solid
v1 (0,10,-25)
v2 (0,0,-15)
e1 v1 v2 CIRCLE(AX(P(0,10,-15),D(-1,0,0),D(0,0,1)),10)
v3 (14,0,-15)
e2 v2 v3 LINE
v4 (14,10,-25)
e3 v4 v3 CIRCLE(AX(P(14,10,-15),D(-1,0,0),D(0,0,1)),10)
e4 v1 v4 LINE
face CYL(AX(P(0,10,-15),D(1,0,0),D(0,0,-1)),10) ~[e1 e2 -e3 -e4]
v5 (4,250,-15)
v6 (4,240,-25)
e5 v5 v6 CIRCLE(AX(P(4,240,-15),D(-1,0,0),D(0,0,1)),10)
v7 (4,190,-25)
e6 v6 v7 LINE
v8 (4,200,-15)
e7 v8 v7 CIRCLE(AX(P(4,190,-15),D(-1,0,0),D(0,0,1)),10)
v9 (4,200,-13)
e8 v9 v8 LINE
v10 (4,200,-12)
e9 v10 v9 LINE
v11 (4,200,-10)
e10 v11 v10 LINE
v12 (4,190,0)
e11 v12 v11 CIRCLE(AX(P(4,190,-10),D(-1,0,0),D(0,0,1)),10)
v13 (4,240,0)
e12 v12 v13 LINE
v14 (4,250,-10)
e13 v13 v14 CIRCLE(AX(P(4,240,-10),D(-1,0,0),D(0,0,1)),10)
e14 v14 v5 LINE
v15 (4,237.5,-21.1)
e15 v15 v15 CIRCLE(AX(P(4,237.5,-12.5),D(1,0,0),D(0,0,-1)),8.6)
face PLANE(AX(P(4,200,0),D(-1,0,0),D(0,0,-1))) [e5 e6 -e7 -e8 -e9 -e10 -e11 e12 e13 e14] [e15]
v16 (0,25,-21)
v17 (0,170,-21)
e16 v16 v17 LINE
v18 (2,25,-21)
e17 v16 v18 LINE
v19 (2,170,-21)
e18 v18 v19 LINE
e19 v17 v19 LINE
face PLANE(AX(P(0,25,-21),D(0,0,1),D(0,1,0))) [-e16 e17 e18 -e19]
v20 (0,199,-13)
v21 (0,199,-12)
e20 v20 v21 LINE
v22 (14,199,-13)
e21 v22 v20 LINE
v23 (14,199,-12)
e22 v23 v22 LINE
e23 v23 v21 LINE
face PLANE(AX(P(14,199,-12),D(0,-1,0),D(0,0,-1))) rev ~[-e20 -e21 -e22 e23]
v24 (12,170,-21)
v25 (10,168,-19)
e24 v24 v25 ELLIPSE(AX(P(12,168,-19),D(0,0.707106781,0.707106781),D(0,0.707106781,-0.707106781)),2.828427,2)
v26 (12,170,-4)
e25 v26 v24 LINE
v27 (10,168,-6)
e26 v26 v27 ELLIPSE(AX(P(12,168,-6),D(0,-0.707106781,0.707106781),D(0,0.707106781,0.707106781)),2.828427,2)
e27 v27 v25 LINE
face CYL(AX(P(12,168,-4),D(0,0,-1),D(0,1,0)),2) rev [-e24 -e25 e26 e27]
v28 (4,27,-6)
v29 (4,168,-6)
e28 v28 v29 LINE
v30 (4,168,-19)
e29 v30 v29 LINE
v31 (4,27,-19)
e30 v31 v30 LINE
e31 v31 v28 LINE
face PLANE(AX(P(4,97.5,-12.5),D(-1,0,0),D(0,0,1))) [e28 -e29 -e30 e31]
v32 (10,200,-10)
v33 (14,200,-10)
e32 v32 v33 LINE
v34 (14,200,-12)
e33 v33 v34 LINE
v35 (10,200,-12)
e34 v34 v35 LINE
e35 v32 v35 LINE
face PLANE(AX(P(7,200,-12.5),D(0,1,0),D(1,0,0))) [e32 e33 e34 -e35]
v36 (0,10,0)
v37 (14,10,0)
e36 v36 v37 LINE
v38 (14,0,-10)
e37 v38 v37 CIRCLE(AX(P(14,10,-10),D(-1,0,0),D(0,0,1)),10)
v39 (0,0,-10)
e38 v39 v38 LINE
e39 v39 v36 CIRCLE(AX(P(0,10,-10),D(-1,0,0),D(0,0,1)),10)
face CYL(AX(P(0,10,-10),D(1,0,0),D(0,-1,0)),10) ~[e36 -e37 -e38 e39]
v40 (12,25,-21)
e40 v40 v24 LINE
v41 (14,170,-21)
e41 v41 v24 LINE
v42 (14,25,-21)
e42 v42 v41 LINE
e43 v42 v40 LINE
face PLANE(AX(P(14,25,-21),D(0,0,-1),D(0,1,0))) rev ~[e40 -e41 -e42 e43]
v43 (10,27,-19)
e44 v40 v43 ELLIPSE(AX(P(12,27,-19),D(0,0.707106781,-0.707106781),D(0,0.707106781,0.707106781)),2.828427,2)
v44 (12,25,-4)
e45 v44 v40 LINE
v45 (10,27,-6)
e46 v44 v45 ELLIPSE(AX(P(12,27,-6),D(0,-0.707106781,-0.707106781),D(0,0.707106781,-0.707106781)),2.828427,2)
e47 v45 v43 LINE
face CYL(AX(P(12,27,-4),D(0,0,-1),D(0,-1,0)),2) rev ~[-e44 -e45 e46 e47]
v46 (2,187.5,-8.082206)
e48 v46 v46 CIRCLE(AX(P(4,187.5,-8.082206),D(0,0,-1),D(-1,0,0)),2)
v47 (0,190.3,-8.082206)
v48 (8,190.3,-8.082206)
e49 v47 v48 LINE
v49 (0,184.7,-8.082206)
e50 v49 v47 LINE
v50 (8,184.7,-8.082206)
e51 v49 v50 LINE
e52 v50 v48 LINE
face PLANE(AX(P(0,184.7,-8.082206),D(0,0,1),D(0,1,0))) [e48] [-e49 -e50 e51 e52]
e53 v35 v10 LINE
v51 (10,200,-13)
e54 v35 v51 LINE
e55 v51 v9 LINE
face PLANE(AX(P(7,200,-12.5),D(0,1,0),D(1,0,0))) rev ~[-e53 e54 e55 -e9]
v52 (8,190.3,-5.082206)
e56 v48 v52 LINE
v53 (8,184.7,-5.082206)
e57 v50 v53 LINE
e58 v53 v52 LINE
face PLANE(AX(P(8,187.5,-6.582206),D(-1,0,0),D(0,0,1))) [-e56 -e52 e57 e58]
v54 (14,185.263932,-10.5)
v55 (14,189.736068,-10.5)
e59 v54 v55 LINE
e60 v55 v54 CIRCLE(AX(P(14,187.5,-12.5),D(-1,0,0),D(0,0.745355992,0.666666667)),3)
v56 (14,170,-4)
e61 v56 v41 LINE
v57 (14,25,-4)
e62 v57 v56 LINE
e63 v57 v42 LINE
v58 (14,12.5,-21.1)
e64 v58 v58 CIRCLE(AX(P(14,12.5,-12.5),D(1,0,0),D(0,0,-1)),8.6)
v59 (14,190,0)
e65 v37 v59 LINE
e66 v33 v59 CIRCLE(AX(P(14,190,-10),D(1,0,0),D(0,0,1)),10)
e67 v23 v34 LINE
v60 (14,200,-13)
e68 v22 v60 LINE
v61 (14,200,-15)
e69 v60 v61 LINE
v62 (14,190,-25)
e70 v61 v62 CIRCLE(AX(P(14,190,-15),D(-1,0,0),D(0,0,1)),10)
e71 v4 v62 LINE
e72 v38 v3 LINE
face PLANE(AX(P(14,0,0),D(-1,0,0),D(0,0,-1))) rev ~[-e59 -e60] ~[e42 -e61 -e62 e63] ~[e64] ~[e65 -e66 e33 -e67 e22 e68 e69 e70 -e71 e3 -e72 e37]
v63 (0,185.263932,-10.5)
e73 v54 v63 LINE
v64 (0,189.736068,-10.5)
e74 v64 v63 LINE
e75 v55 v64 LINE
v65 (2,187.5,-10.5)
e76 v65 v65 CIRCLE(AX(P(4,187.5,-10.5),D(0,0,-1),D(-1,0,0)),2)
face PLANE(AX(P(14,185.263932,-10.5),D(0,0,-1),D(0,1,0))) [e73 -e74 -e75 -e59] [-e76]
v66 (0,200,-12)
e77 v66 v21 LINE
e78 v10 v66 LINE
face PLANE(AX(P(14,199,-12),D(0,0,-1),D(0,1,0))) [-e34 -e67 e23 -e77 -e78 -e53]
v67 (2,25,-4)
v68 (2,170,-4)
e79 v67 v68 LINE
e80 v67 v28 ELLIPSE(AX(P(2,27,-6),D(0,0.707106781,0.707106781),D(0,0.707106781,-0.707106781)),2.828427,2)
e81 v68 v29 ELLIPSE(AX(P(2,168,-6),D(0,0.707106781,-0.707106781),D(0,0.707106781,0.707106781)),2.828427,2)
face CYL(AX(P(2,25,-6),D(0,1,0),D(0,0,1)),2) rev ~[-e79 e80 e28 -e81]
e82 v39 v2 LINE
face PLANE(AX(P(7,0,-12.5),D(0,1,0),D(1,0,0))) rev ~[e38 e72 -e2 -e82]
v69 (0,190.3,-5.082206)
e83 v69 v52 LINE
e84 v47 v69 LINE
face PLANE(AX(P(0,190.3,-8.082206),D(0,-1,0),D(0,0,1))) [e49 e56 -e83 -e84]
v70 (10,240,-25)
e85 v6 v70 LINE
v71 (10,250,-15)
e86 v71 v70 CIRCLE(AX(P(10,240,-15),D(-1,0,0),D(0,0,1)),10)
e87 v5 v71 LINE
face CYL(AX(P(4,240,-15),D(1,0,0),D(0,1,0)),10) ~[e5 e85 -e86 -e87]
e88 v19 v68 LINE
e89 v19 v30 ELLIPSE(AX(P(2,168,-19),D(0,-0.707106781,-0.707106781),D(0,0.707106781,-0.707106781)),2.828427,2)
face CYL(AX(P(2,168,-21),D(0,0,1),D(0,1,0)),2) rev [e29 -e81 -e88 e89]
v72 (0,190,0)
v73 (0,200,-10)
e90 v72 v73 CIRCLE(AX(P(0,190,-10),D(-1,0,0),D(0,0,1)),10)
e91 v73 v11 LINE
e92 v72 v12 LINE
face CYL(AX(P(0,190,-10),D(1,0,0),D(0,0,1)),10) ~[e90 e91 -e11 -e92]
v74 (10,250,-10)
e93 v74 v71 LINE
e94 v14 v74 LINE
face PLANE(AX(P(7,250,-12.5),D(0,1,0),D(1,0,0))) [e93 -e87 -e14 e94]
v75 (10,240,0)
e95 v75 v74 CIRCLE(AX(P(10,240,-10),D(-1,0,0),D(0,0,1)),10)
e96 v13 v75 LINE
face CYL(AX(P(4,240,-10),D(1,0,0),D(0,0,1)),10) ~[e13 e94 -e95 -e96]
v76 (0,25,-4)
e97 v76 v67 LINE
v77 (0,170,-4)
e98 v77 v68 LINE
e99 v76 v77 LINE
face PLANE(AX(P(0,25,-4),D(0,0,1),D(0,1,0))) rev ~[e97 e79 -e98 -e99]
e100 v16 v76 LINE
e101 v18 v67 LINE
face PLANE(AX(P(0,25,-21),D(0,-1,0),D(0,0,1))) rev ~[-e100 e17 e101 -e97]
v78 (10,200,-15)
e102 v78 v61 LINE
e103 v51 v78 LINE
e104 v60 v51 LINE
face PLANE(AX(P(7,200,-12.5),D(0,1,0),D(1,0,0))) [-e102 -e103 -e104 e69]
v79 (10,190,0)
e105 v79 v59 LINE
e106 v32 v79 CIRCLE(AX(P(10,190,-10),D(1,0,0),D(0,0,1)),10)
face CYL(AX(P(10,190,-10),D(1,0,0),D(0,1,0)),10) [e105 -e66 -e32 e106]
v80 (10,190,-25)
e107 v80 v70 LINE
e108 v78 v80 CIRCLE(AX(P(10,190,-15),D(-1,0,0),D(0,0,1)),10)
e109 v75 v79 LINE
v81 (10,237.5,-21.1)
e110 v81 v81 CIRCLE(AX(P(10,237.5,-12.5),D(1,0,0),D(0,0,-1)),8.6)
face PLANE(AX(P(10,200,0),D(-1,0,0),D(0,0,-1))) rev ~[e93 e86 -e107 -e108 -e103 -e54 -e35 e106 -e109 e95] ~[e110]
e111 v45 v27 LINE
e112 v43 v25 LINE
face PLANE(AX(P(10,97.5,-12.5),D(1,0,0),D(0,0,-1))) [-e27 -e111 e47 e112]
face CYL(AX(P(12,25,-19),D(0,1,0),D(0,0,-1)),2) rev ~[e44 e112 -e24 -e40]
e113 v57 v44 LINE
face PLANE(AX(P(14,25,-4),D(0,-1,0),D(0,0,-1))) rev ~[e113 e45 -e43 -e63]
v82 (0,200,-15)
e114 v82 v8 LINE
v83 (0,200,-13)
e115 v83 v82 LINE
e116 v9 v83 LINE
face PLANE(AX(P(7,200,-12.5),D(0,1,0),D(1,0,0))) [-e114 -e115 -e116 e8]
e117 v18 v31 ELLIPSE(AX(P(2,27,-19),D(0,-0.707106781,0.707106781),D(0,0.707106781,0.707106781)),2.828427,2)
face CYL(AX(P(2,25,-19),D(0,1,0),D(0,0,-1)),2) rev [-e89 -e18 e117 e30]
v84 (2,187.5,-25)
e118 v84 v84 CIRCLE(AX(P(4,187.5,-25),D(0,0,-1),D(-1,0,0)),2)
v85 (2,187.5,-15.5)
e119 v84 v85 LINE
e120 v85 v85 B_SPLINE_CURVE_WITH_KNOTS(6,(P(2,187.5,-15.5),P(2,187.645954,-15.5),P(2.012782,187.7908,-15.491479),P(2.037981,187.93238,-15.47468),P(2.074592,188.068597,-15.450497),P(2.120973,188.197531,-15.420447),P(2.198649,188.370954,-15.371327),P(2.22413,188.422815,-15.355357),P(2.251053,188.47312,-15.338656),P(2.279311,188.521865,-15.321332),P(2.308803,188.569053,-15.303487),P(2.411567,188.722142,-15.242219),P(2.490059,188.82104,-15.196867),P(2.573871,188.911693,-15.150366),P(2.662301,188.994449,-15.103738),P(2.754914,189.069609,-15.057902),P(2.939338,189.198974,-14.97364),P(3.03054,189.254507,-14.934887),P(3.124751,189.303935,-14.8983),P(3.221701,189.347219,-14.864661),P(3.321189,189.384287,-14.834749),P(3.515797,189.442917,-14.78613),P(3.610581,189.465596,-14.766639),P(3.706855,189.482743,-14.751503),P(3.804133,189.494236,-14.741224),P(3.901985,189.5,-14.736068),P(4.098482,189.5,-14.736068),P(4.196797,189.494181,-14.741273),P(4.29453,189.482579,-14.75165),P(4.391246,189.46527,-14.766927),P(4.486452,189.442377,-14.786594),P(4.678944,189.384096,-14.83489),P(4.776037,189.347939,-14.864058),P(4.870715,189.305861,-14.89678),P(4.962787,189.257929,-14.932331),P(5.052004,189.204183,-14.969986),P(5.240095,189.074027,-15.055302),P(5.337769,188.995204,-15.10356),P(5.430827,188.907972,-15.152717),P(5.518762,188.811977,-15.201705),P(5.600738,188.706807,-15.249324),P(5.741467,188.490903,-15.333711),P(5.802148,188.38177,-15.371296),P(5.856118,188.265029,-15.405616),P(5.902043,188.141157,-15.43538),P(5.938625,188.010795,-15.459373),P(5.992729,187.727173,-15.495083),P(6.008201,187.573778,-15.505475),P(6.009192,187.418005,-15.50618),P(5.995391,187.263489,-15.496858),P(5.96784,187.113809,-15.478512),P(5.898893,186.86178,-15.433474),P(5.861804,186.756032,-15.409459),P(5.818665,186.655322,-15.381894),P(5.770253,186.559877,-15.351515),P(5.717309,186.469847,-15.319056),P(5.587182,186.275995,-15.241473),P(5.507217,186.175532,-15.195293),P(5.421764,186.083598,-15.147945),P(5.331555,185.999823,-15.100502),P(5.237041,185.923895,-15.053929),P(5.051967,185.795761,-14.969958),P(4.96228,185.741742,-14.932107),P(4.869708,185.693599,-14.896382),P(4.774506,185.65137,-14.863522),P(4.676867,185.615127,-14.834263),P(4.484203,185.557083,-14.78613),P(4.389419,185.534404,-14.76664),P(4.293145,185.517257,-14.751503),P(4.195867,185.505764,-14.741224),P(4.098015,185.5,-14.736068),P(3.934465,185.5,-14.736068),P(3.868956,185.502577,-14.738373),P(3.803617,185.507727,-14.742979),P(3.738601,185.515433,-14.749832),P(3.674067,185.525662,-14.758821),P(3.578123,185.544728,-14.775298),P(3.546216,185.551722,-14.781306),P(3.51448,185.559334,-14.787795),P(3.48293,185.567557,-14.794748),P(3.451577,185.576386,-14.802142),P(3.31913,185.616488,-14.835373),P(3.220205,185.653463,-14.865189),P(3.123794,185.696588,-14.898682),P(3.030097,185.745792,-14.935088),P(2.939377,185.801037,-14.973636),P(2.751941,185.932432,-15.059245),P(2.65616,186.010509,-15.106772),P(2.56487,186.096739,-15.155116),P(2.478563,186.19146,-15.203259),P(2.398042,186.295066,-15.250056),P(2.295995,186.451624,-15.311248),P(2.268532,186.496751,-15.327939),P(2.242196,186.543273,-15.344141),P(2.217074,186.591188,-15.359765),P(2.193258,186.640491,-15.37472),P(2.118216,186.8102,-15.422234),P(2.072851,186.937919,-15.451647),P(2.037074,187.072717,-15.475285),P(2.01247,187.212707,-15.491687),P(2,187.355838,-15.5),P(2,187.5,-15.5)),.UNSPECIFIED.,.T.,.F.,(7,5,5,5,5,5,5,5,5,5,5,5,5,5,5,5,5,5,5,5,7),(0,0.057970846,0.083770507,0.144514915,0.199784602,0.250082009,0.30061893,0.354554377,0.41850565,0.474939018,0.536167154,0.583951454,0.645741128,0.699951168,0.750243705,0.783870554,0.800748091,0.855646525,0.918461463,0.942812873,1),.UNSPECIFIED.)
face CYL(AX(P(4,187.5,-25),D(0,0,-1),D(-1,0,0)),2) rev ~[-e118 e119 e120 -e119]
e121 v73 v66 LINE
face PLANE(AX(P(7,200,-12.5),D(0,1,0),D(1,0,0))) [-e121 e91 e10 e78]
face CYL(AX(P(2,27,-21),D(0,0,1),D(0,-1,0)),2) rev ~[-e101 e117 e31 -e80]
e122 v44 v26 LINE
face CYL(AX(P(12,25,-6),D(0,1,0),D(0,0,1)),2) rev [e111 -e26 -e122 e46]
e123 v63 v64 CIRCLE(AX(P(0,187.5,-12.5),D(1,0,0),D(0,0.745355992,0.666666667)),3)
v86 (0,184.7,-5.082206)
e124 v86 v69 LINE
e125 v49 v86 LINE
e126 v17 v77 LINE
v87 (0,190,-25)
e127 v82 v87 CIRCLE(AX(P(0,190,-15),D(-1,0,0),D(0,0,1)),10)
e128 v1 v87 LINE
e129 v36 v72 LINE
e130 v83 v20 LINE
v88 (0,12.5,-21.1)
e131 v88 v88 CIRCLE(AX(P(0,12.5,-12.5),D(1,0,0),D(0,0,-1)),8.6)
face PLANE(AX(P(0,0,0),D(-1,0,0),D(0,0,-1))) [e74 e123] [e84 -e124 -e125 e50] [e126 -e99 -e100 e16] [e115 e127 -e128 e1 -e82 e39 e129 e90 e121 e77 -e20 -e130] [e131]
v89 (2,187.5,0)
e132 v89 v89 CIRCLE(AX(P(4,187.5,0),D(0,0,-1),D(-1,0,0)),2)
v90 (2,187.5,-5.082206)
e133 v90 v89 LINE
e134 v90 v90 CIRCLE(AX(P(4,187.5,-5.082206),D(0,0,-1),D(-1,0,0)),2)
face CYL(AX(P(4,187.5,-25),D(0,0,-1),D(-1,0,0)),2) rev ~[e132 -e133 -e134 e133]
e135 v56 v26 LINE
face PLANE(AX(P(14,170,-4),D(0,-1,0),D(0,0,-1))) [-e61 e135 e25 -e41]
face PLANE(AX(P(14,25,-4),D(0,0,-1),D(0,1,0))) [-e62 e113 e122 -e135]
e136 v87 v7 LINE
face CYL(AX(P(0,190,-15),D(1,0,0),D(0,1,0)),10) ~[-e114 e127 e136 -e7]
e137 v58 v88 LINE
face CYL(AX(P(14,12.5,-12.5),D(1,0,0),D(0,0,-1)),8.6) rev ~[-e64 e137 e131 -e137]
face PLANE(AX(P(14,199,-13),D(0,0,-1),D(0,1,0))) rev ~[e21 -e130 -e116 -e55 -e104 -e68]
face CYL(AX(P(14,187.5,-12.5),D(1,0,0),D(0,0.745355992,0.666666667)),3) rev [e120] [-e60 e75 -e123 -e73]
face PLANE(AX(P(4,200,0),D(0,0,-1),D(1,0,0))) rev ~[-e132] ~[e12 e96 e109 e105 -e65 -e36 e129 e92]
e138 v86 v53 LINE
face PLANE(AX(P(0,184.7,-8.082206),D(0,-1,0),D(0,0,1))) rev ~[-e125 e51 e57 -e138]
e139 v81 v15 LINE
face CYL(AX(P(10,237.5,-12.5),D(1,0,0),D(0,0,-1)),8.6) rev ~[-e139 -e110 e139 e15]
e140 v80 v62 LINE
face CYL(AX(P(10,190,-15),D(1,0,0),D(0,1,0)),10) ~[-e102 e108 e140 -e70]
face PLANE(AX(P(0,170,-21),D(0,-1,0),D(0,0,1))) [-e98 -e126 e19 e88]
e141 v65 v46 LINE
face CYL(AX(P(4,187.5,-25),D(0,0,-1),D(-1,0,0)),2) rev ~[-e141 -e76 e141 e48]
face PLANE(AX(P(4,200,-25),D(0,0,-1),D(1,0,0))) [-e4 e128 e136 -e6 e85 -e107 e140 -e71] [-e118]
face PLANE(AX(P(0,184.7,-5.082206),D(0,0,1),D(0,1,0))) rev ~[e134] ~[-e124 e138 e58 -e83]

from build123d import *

# Parameters (mm, degrees)
CROQUIS1_W              = 14
CROQUIS1_H              = 25
SALIENTE_EXTRUIR1_DEPTH = 200
REDONDEO1_R             = 10
REDONDEO2_R             = 10
CROQUIS2_R              = 8.6
CORTAR_EXTRUIR1_DEPTH   = 28
CROQUIS14_R             = 9.913044
SALIENTE_EXTRUIR2_DEPTH = 14
CROQUIS12_R             = 2
CORTAR_EXTRUIR7_DEPTH   = 203.042074826
CROQUIS15_W             = 3
CROQUIS15_H             = 5.6
CORTAR_EXTRUIR9_DEPTH   = 8
CROQUIS16_W             = 17
CROQUIS16_H             = 145
CORTAR_EXTRUIR10_DEPTH  = 4
CROQUIS17_W             = 17
CROQUIS17_H             = 145
CORTAR_EXTRUIR11_DEPTH  = 4
REDONDEO5_R             = 2
REDONDEO6_R             = 2
CROQUIS18_W             = 1
CROQUIS18_H             = 1
CORTAR_EXTRUIR12_DEPTH  = 203.042074845
CROQUIS19_W             = 6
CROQUIS19_H             = 25
SALIENTE_EXTRUIR3_DEPTH = 50
CROQUIS20_R             = 8.6
CORTAR_EXTRUIR13_DEPTH  = 6
REDONDEO7_R             = 10
REDONDEO8_R             = 10
REDONDEO9_R             = 10
REDONDEO10_R            = 10
REDONDEO11_R            = 10
REDONDEO12_R            = 10


with BuildPart() as part:
    # Croquis1 → Saliente-Extruir1 (new body)
    with BuildSketch(Plane(origin=(0, 0, 0), x_dir=(1, 0, 0), z_dir=(0, 1, 0))):
        with Locations((7, 12.5)):
            Rectangle(CROQUIS1_W, CROQUIS1_H)
    extrude(amount=SALIENTE_EXTRUIR1_DEPTH)

    # Redondeo1
    redondeo1_edges = [part.edges().sort_by_distance(p)[0] for p in [
        (7, 0, -25),
    ]]
    fillet(redondeo1_edges, radius=REDONDEO1_R)

    # Redondeo2
    redondeo2_edges = [part.edges().sort_by_distance(p)[0] for p in [
        (7, 0, 0),
    ]]
    fillet(redondeo2_edges, radius=REDONDEO2_R)

    # Croquis2 → Cortar-Extruir1 (cut)
    with BuildSketch(Plane(origin=(14, 0, 0), x_dir=(0, 0, -1), z_dir=(1, 0, 0))):
        with Locations((12.5, 12.5)):
            Circle(CROQUIS2_R)
        with BuildLine():
            Line((10.5, 185.263932023), (10.5, 189.736067977))
            ThreePointArc((10.5, 189.736067977), (15.5, 187.5), (10.5, 185.263932023))
        make_face()
    extrude(amount=-CORTAR_EXTRUIR1_DEPTH, mode=Mode.SUBTRACT)

    # Croquis14 → Saliente-Extruir2 (add)
    with BuildSketch(Plane(origin=(14, 0, 0), x_dir=(0, 0, -1), z_dir=(1, 0, 0))):
        with Locations((12.5, 187.5)):
            Circle(CROQUIS14_R)
        with BuildLine():
            Line((10.5, 185.263932023), (10.5, 189.736067977))
            ThreePointArc((10.5, 189.736067977), (15.5, 187.5), (10.5, 185.263932023))
        make_face(mode=Mode.SUBTRACT)
    extrude(amount=-SALIENTE_EXTRUIR2_DEPTH)

    # Croquis12 → Cortar-Extruir7 (cut, through all)
    with BuildSketch(Plane(origin=(0, 0, -25), x_dir=(-1, 0, 0), z_dir=(0, 0, -1))):
        with Locations((-4, 187.5)):
            Circle(CROQUIS12_R)
    extrude(amount=-CORTAR_EXTRUIR7_DEPTH, mode=Mode.SUBTRACT)

    # Croquis15 → Cortar-Extruir9 (cut)
    with BuildSketch(Plane.ZY):
        with Locations((-6.582205818, 187.5)):
            Rectangle(CROQUIS15_W, CROQUIS15_H)
    extrude(amount=-CORTAR_EXTRUIR9_DEPTH, mode=Mode.SUBTRACT)

    # Croquis16 → Cortar-Extruir10 (cut)
    with BuildSketch(Plane.ZY):
        with Locations((-12.5, 97.5)):
            Rectangle(CROQUIS16_W, CROQUIS16_H)
    extrude(amount=-CORTAR_EXTRUIR10_DEPTH, mode=Mode.SUBTRACT)

    # Croquis17 → Cortar-Extruir11 (cut)
    with BuildSketch(Plane(origin=(14, 0, 0), x_dir=(0, 0, -1), z_dir=(1, 0, 0))):
        with Locations((12.5, 97.5)):
            Rectangle(CROQUIS17_W, CROQUIS17_H)
    extrude(amount=-CORTAR_EXTRUIR11_DEPTH, mode=Mode.SUBTRACT)

    # Redondeo5
    redondeo5_edges = [part.edges().sort_by_distance(p)[0] for p in [
        (4, 97.5, -21),
        (4, 170, -12.5),
        (4, 97.5, -4),
        (4, 25, -12.5),
    ]]
    fillet(redondeo5_edges, radius=REDONDEO5_R)

    # Redondeo6
    redondeo6_edges = [part.edges().sort_by_distance(p)[0] for p in [
        (10, 97.5, -21),
        (10, 25, -12.5),
        (10, 97.5, -4),
        (10, 170, -12.5),
    ]]
    fillet(redondeo6_edges, radius=REDONDEO6_R)

    # Croquis18 → Cortar-Extruir12 (cut, through all)
    with BuildSketch(Plane(origin=(14, 0, 0), x_dir=(0, 0, -1), z_dir=(1, 0, 0))):
        with Locations((12.5, 199.5)):
            Rectangle(CROQUIS18_W, CROQUIS18_H)
    extrude(amount=-CORTAR_EXTRUIR12_DEPTH, mode=Mode.SUBTRACT)

    # Croquis19 → Saliente-Extruir3 (add)
    with BuildSketch(Plane(origin=(0, 200, 0), x_dir=(1, 0, 0), z_dir=(0, 1, 0))):
        with Locations((7, 12.5)):
            Rectangle(CROQUIS19_W, CROQUIS19_H)
    extrude(amount=SALIENTE_EXTRUIR3_DEPTH)

    # Croquis20 → Cortar-Extruir13 (cut)
    with BuildSketch(Plane(origin=(10, 0, 0), x_dir=(0, 0, -1), z_dir=(1, 0, 0))):
        with Locations((12.5, 237.5)):
            Circle(CROQUIS20_R)
    extrude(amount=-CORTAR_EXTRUIR13_DEPTH, mode=Mode.SUBTRACT)

    # Redondeo7
    redondeo7_edges = [part.edges().sort_by_distance(p)[0] for p in [
        (7, 250, 0),
    ]]
    fillet(redondeo7_edges, radius=REDONDEO7_R)

    # Redondeo8
    redondeo8_edges = [part.edges().sort_by_distance(p)[0] for p in [
        (7, 250, -25),
    ]]
    fillet(redondeo8_edges, radius=REDONDEO8_R)

    # Redondeo9
    redondeo9_edges = [part.edges().sort_by_distance(p)[0] for p in [
        (2, 200, 0),
    ]]
    fillet(redondeo9_edges, radius=REDONDEO9_R)

    # Redondeo10
    redondeo10_edges = [part.edges().sort_by_distance(p)[0] for p in [
        (12, 200, 0),
    ]]
    fillet(redondeo10_edges, radius=REDONDEO10_R)

    # Redondeo11
    redondeo11_edges = [part.edges().sort_by_distance(p)[0] for p in [
        (12, 200, -25),
    ]]
    fillet(redondeo11_edges, radius=REDONDEO11_R)

    # Redondeo12
    redondeo12_edges = [part.edges().sort_by_distance(p)[0] for p in [
        (2, 200, -25),
    ]]
    fillet(redondeo12_edges, radius=REDONDEO12_R)


solid = part.part
